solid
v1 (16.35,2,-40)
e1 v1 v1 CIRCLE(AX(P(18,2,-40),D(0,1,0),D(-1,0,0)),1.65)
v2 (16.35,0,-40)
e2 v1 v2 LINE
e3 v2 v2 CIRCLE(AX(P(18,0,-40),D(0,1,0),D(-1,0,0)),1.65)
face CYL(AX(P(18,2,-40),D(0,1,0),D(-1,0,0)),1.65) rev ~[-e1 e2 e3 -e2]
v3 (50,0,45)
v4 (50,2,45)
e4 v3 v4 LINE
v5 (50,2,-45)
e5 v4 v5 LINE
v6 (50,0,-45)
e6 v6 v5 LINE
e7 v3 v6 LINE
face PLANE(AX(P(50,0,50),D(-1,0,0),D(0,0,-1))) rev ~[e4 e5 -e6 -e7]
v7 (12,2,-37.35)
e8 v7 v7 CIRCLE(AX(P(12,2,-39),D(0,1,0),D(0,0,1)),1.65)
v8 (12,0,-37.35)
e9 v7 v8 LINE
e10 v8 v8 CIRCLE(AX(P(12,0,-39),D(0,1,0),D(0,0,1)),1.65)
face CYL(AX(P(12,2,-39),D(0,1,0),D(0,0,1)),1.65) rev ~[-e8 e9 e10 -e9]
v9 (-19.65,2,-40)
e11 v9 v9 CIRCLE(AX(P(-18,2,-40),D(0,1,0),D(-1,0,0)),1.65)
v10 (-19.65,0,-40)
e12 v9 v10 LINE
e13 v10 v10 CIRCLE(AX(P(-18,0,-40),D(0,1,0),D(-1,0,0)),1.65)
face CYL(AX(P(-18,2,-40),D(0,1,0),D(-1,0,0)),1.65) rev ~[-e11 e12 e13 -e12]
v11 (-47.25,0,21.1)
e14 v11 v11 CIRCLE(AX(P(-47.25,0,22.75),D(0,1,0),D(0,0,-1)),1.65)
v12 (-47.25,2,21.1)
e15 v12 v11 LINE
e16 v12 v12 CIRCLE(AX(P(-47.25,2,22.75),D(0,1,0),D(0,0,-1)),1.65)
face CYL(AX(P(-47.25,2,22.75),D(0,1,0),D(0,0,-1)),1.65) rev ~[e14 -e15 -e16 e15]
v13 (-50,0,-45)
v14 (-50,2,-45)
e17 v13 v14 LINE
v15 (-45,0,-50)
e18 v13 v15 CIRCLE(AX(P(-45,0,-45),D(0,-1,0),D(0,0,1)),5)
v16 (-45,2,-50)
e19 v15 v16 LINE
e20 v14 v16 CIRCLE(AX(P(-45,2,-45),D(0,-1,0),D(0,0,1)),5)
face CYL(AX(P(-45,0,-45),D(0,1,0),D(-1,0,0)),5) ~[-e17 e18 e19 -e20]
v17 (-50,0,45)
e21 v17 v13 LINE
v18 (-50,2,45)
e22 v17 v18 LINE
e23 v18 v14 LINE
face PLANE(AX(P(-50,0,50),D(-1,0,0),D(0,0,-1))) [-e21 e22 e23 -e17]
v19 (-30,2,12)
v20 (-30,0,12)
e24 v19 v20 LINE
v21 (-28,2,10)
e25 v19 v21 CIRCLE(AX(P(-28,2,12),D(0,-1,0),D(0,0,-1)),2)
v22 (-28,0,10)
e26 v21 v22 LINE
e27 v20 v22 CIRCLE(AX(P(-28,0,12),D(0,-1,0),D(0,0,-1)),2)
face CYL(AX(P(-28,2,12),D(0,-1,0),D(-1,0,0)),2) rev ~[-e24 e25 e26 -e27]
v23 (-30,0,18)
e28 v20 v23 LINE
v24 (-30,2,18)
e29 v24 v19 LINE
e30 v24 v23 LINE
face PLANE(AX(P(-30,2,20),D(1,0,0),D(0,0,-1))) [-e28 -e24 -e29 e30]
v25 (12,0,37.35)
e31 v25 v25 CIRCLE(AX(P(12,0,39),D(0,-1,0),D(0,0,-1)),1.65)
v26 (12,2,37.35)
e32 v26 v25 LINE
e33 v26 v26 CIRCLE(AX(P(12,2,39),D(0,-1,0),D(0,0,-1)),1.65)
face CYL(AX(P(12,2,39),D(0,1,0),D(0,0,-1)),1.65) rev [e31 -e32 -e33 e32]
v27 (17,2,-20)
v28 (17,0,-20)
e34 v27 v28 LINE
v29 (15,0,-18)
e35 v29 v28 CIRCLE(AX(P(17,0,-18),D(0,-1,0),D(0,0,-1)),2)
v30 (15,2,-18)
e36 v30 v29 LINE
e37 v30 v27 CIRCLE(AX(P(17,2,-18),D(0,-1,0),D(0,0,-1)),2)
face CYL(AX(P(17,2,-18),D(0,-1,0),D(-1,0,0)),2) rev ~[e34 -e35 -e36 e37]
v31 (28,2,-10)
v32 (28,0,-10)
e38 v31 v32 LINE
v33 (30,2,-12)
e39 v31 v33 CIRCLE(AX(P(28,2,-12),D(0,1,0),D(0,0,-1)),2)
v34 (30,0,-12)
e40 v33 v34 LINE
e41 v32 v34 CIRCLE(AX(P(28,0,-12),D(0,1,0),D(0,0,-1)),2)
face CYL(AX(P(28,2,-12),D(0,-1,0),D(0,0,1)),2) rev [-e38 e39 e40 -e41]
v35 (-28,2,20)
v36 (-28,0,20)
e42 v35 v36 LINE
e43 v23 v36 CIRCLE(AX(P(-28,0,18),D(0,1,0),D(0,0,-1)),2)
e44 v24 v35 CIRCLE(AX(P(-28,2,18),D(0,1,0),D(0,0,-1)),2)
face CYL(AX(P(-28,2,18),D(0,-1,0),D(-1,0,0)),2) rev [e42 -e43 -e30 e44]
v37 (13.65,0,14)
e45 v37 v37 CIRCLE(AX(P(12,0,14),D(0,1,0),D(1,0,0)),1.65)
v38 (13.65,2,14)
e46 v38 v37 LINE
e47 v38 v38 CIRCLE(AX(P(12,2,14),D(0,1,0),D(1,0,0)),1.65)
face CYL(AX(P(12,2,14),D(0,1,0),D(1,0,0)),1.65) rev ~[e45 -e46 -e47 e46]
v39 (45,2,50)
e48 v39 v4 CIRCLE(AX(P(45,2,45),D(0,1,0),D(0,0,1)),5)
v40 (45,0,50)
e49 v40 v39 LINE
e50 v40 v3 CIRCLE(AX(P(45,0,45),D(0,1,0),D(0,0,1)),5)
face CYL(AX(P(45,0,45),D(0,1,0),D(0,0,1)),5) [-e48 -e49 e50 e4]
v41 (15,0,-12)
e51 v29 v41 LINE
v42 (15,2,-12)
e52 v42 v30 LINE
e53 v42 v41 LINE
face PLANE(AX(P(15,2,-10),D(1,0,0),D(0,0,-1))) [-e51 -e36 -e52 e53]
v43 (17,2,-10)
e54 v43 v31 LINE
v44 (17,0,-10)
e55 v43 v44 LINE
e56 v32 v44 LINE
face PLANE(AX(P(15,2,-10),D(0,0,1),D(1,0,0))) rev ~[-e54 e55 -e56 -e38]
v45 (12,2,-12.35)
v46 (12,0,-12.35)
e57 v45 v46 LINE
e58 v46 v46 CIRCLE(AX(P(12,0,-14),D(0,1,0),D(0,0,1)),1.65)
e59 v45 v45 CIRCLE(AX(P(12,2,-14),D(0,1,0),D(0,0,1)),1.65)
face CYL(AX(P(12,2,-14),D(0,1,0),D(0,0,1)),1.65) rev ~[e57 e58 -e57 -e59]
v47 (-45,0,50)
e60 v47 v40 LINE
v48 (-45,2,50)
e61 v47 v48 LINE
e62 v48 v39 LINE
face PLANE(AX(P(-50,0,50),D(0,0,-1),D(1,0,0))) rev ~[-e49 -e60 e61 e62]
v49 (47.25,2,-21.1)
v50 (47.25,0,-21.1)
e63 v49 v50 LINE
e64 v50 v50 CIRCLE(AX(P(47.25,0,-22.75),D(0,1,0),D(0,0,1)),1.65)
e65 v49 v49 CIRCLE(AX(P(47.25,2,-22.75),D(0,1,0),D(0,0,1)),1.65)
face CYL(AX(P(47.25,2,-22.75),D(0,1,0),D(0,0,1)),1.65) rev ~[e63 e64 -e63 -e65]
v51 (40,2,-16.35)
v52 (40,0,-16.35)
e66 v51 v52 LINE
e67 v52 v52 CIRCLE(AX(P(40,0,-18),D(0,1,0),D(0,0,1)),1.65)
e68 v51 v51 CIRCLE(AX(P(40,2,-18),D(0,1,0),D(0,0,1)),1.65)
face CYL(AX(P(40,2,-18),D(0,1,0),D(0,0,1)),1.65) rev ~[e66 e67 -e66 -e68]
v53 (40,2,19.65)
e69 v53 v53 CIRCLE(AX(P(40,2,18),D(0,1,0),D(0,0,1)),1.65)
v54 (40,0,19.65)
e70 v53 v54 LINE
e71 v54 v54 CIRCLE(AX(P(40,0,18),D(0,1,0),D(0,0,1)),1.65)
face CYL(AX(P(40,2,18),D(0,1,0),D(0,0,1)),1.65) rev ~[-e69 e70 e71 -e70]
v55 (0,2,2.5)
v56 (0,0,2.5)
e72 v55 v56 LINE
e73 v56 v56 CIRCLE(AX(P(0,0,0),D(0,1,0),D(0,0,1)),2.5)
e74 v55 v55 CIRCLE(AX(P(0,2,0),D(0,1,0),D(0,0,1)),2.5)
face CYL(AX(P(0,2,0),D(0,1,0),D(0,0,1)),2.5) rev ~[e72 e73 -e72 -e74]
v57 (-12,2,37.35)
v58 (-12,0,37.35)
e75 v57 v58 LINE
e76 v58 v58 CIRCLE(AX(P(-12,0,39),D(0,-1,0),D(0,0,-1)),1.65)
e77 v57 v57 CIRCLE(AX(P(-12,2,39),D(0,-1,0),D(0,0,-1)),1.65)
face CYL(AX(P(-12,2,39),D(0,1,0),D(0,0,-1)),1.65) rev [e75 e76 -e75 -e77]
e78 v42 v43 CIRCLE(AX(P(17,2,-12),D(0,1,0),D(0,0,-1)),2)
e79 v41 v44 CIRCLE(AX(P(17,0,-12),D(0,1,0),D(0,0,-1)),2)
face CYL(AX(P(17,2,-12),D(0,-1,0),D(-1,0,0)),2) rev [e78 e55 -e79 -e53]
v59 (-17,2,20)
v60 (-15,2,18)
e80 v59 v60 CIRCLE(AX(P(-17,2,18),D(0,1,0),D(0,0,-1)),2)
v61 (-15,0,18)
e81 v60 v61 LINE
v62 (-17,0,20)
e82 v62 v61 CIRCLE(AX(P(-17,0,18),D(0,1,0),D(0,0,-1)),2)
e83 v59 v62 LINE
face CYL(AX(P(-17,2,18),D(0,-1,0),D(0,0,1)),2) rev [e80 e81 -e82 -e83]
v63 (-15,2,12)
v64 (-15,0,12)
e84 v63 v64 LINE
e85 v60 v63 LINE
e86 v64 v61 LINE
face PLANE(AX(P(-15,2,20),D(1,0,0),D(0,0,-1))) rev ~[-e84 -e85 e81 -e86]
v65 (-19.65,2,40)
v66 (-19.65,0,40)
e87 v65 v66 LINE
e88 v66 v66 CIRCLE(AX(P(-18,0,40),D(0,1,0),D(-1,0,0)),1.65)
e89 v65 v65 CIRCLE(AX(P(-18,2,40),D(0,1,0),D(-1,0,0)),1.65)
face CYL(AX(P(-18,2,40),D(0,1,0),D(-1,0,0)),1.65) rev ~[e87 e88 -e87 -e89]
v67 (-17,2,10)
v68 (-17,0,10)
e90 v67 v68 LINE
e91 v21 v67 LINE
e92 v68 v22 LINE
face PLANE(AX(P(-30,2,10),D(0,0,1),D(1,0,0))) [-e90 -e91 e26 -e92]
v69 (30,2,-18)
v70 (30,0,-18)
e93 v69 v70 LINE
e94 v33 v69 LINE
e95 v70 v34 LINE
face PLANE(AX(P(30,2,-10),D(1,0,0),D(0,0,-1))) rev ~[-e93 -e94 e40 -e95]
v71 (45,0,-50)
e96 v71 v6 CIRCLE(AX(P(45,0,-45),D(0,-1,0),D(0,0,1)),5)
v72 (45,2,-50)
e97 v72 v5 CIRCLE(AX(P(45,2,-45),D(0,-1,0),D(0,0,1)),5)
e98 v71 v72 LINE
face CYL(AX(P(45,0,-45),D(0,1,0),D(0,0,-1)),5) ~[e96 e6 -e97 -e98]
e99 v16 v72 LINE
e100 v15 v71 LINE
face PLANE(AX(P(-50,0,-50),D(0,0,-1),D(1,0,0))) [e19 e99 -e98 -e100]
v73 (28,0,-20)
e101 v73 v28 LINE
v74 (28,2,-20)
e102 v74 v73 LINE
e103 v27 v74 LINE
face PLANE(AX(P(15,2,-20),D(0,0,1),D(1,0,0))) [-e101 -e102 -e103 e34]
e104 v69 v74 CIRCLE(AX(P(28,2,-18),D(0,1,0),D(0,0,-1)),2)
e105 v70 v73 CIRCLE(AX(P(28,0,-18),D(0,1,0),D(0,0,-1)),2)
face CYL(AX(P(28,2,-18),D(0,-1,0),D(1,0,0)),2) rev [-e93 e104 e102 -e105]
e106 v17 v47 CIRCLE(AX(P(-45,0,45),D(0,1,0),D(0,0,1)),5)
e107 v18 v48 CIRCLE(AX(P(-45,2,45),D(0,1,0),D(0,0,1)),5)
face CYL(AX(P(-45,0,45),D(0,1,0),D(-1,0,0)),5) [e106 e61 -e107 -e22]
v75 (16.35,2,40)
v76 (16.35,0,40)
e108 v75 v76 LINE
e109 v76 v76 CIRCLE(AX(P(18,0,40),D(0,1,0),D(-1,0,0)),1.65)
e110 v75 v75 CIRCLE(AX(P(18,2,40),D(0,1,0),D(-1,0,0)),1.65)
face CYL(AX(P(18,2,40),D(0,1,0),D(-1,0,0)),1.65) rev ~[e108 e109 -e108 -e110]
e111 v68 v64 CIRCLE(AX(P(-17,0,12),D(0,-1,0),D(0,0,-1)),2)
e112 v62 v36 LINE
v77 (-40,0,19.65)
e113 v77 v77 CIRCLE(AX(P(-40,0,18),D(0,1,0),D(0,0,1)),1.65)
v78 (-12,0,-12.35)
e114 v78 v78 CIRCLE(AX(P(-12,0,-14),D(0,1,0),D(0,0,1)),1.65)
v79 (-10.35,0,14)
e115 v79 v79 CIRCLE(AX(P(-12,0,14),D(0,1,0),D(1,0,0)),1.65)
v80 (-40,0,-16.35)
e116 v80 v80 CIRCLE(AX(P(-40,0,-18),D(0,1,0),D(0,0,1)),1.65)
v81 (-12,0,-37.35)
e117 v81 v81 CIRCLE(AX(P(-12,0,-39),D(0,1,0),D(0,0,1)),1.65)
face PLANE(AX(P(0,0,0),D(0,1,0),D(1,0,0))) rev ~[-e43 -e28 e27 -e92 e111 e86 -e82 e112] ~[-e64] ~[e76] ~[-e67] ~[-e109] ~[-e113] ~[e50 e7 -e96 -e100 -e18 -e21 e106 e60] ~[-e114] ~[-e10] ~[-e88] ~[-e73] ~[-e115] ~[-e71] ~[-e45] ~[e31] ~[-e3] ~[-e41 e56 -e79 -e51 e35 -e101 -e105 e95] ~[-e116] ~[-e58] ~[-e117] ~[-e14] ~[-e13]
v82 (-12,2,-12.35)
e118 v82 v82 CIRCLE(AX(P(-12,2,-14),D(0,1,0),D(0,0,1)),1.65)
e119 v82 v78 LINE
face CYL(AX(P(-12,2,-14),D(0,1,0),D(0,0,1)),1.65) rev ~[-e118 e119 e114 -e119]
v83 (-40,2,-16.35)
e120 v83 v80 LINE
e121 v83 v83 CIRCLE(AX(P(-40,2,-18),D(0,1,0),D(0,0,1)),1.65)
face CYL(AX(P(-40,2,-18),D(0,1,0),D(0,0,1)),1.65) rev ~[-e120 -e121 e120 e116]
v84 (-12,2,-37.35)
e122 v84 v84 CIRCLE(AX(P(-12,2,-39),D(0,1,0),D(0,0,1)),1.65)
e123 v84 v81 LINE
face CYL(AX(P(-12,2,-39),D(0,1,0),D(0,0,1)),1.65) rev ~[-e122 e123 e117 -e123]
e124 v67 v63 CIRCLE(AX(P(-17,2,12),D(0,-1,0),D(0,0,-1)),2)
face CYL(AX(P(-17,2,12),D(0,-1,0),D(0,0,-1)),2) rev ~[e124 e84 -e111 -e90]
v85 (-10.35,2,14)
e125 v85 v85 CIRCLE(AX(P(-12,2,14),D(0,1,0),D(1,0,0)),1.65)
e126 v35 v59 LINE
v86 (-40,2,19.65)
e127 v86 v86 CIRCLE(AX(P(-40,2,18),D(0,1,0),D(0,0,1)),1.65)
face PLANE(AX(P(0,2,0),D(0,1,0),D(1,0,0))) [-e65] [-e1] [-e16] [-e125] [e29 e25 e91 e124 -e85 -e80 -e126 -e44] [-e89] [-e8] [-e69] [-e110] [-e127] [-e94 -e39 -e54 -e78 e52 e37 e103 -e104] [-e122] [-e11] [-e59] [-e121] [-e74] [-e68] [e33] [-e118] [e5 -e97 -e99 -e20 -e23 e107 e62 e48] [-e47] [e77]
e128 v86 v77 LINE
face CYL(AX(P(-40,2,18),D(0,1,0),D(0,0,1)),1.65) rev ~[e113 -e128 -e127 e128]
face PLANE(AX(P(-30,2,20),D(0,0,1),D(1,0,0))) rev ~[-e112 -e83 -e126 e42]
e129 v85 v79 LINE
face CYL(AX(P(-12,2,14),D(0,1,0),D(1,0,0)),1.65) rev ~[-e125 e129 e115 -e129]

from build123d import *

# Parameters (mm, degrees)
SKETCH_1_W               = 100
SKETCH_1_H               = 100
EXTRUDE_1_DEPTH          = 2
CUT_EXTRUDE_436_REACH    = 72.739
SKETCH_2_R               = 2.5
CUT_EXTRUDE_2_REACH      = 72.739
SKETCH_3_R               = 1.65
PATTERN_LINEAR_1_COUNT   = 2
PATTERN_LINEAR_1_PITCH   = 25
MIRROR_1_COPY_1_REACH    = 72.739
MIRROR_1_COPY_1_SKETCH_R = 1.65
CUT_EXTRUDE_3_REACH      = 72.739
SKETCH_5_R               = 1.65
PATTERN_CIRCULAR_1_COUNT = 2
CUT_EXTRUDE_4_REACH      = 72.739
SKETCH_6_R               = 1.65
PATTERN_CIRCULAR_2_COUNT = 2
PATTERN_CIRCULAR_2_ANGLE = 90
CUT_EXTRUDE_5_REACH      = 72.739
SKETCH_7_W               = 15
SKETCH_7_H               = 10
FILLET_1_R               = 2
FILLET_2_R               = 5


with BuildPart() as part:
    # 草图1 → 凸台-拉伸1 (new body)
    with BuildSketch(Plane(origin=(0, 0, 0), x_dir=(1, 0, 0), z_dir=(0, 1, 0))):
        Rectangle(SKETCH_1_W, SKETCH_1_H)
    extrude(amount=EXTRUDE_1_DEPTH)

    # 草图2 → Cut-Extrude 436 (cut, up to next)
    with BuildSketch(Plane(origin=(0, 2, 0), x_dir=(1, 0, 0), z_dir=(0, 1, 0)), mode=Mode.PRIVATE) as cut_extrude_436_sk1:
        with Locations(Location((0, 0, 0), (0, 0, 270))):
            Circle(SKETCH_2_R)
    cut_extrude_436_tool1 = extrude(cut_extrude_436_sk1.sketch, amount=-CUT_EXTRUDE_436_REACH, mode=Mode.PRIVATE) & part.part
    add(cut_extrude_436_tool1.solids().sort_by_distance((0, 2, 0))[0], mode=Mode.SUBTRACT)

    # 草图3 → 切除-拉伸2 (cut, up to next)
    with BuildSketch(Plane(origin=(0, 2, 0), x_dir=(1, 0, 0), z_dir=(0, 1, 0)), mode=Mode.PRIVATE) as cut_extrude_2_sk1:
        with Locations(Location((-12, 39, 0), (0, 0, 270))):
            Circle(SKETCH_3_R)
    cut_extrude_2_tool1 = extrude(cut_extrude_2_sk1.sketch, amount=-CUT_EXTRUDE_2_REACH, mode=Mode.PRIVATE) & part.part
    # 草图3 → 切除-拉伸2 (cut, up to next)
    with BuildSketch(Plane(origin=(0, 2, 0), x_dir=(1, 0, 0), z_dir=(0, 1, 0)), mode=Mode.PRIVATE) as cut_extrude_2_sk2:
        with Locations(Location((12, 39, 0), (0, 0, 270))):
            Circle(SKETCH_3_R)
    cut_extrude_2_tool2 = extrude(cut_extrude_2_sk2.sketch, amount=-CUT_EXTRUDE_2_REACH, mode=Mode.PRIVATE) & part.part
    cut_extrude_2_1 = cut_extrude_2_tool1.solids().sort_by_distance((-12, 2, -39))[0]
    add(cut_extrude_2_1, mode=Mode.SUBTRACT)
    cut_extrude_2_2 = cut_extrude_2_tool2.solids().sort_by_distance((12, 2, -39))[0]
    add(cut_extrude_2_2, mode=Mode.SUBTRACT)
    cut_extrude_2 = cut_extrude_2_1 + cut_extrude_2_2  # 切除-拉伸2 as one shape, for the pattern or mirror that repeats it

    # 阵列(线性)1: 切除-拉伸2 ×2
    with Locations(*[(0, 0, i * PATTERN_LINEAR_1_PITCH) for i in range(1, PATTERN_LINEAR_1_COUNT)]):
        add(cut_extrude_2, mode=Mode.SUBTRACT)

    # 镜向1: 切除-拉伸2 across plane
    add(cut_extrude_2.mirror(Plane.XY), mode=Mode.SUBTRACT)

    # 镜向1 copy 1 sketch → 镜向1 copy 1 (cut, up to next)
    with BuildSketch(Plane(origin=(0, 2, -25), x_dir=(1, 0, 0), z_dir=(0, 1, 0)), mode=Mode.PRIVATE) as mirror_1_copy_1_sk1:
        with Locations((-12, -39)):
            Circle(MIRROR_1_COPY_1_SKETCH_R)
    mirror_1_copy_1_tool1 = extrude(mirror_1_copy_1_sk1.sketch, amount=-MIRROR_1_COPY_1_REACH, mode=Mode.PRIVATE) & part.part
    # 镜向1 copy 1 sketch → 镜向1 copy 1 (cut, up to next)
    with BuildSketch(Plane(origin=(0, 2, -25), x_dir=(1, 0, 0), z_dir=(0, 1, 0)), mode=Mode.PRIVATE) as mirror_1_copy_1_sk2:
        with Locations((12, -39)):
            Circle(MIRROR_1_COPY_1_SKETCH_R)
    mirror_1_copy_1_tool2 = extrude(mirror_1_copy_1_sk2.sketch, amount=-MIRROR_1_COPY_1_REACH, mode=Mode.PRIVATE) & part.part
    add(mirror_1_copy_1_tool1.solids().sort_by_distance((-12, 2, 14))[0], mode=Mode.SUBTRACT)
    add(mirror_1_copy_1_tool2.solids().sort_by_distance((12, 2, 14))[0], mode=Mode.SUBTRACT)

    # 草图5 → 切除-拉伸3 (cut, up to next)
    with BuildSketch(Plane(origin=(0, 2, 0), x_dir=(1, 0, 0), z_dir=(0, 1, 0)), mode=Mode.PRIVATE) as cut_extrude_3_sk1:
        with Locations(Location((47.25, 22.75, 0), (0, 0, 270))):
            Circle(SKETCH_5_R)
    cut_extrude_3_tool1 = extrude(cut_extrude_3_sk1.sketch, amount=-CUT_EXTRUDE_3_REACH, mode=Mode.PRIVATE) & part.part
    cut_extrude_3 = cut_extrude_3_tool1.solids().sort_by_distance((47.25, 2, -22.75))[0]
    add(cut_extrude_3, mode=Mode.SUBTRACT)

    # 阵列(圆周)1: 切除-拉伸3 ×2 about axis
    pattern_circular_1_axis = Axis((0, 0, 0), (0, 1, 0))
    for i in range(1, PATTERN_CIRCULAR_1_COUNT):
        add(cut_extrude_3.rotate(pattern_circular_1_axis, i * 360 / PATTERN_CIRCULAR_1_COUNT), mode=Mode.SUBTRACT)

    # 草图6 → 切除-拉伸4 (cut, up to next)
    with BuildSketch(Plane(origin=(0, 2, 0), x_dir=(1, 0, 0), z_dir=(0, 1, 0)), mode=Mode.PRIVATE) as cut_extrude_4_sk1:
        with Locations(Location((-40, 18, 0), (0, 0, 270))):
            Circle(SKETCH_6_R)
    cut_extrude_4_tool1 = extrude(cut_extrude_4_sk1.sketch, amount=-CUT_EXTRUDE_4_REACH, mode=Mode.PRIVATE) & part.part
    # 草图6 → 切除-拉伸4 (cut, up to next)
    with BuildSketch(Plane(origin=(0, 2, 0), x_dir=(1, 0, 0), z_dir=(0, 1, 0)), mode=Mode.PRIVATE) as cut_extrude_4_sk2:
        with Locations(Location((-40, -18, 0), (0, 0, 270))):
            Circle(SKETCH_6_R)
    cut_extrude_4_tool2 = extrude(cut_extrude_4_sk2.sketch, amount=-CUT_EXTRUDE_4_REACH, mode=Mode.PRIVATE) & part.part
    # 草图6 → 切除-拉伸4 (cut, up to next)
    with BuildSketch(Plane(origin=(0, 2, 0), x_dir=(1, 0, 0), z_dir=(0, 1, 0)), mode=Mode.PRIVATE) as cut_extrude_4_sk3:
        with Locations(Location((40, -18, 0), (0, 0, 270))):
            Circle(SKETCH_6_R)
    cut_extrude_4_tool3 = extrude(cut_extrude_4_sk3.sketch, amount=-CUT_EXTRUDE_4_REACH, mode=Mode.PRIVATE) & part.part
    # 草图6 → 切除-拉伸4 (cut, up to next)
    with BuildSketch(Plane(origin=(0, 2, 0), x_dir=(1, 0, 0), z_dir=(0, 1, 0)), mode=Mode.PRIVATE) as cut_extrude_4_sk4:
        with Locations(Location((40, 18, 0), (0, 0, 270))):
            Circle(SKETCH_6_R)
    cut_extrude_4_tool4 = extrude(cut_extrude_4_sk4.sketch, amount=-CUT_EXTRUDE_4_REACH, mode=Mode.PRIVATE) & part.part
    cut_extrude_4_1 = cut_extrude_4_tool1.solids().sort_by_distance((-40, 2, -18))[0]
    add(cut_extrude_4_1, mode=Mode.SUBTRACT)
    cut_extrude_4_2 = cut_extrude_4_tool2.solids().sort_by_distance((-40, 2, 18))[0]
    add(cut_extrude_4_2, mode=Mode.SUBTRACT)
    cut_extrude_4_3 = cut_extrude_4_tool3.solids().sort_by_distance((40, 2, 18))[0]
    add(cut_extrude_4_3, mode=Mode.SUBTRACT)
    cut_extrude_4_4 = cut_extrude_4_tool4.solids().sort_by_distance((40, 2, -18))[0]
    add(cut_extrude_4_4, mode=Mode.SUBTRACT)
    cut_extrude_4 = cut_extrude_4_1 + cut_extrude_4_2 + cut_extrude_4_3 + cut_extrude_4_4  # 切除-拉伸4 as one shape, for the pattern or mirror that repeats it

    # 阵列(圆周)2: 切除-拉伸4 ×2 about axis
    pattern_circular_2_axis = Axis((0, 0, 0), (0, -1, 0))
    for i in range(1, PATTERN_CIRCULAR_2_COUNT):
        add(cut_extrude_4.rotate(pattern_circular_2_axis, i * PATTERN_CIRCULAR_2_ANGLE / (PATTERN_CIRCULAR_2_COUNT - 1)), mode=Mode.SUBTRACT)

    # 草图7 → 切除-拉伸5 (cut, up to next)
    with BuildSketch(Plane(origin=(0, 2, 0), x_dir=(1, 0, 0), z_dir=(0, 1, 0)), mode=Mode.PRIVATE) as cut_extrude_5_sk1:
        with Locations((-22.5, -15)):
            Rectangle(SKETCH_7_W, SKETCH_7_H)
    cut_extrude_5_tool1 = extrude(cut_extrude_5_sk1.sketch, amount=-CUT_EXTRUDE_5_REACH, mode=Mode.PRIVATE) & part.part
    # 草图7 → 切除-拉伸5 (cut, up to next)
    with BuildSketch(Plane(origin=(0, 2, 0), x_dir=(1, 0, 0), z_dir=(0, 1, 0)), mode=Mode.PRIVATE) as cut_extrude_5_sk2:
        with Locations((22.5, 15)):
            Rectangle(SKETCH_7_W, SKETCH_7_H)
    cut_extrude_5_tool2 = extrude(cut_extrude_5_sk2.sketch, amount=-CUT_EXTRUDE_5_REACH, mode=Mode.PRIVATE) & part.part
    add(cut_extrude_5_tool1.solids().sort_by_distance((-22.5, 2, 15))[0], mode=Mode.SUBTRACT)
    add(cut_extrude_5_tool2.solids().sort_by_distance((22.5, 2, -15))[0], mode=Mode.SUBTRACT)

    # 圆角1
    fillet_1_edges = [part.edges().sort_by_distance(p)[0] for p in [
        (15, 1, -10),
        (15, 1, -20),
        (30, 1, -20),
        (30, 1, -10),
        (-15, 1, 10),
        (-15, 1, 20),
        (-30, 1, 20),
        (-30, 1, 10),
    ]]
    fillet(fillet_1_edges, radius=FILLET_1_R)

    # 圆角2
    fillet_2_edges = [part.edges().sort_by_distance(p)[0] for p in [
        (50, 1, 50),
        (-50, 1, 50),
        (-50, 1, -50),
        (50, 1, -50),
    ]]
    fillet(fillet_2_edges, radius=FILLET_2_R)


solid = part.part
